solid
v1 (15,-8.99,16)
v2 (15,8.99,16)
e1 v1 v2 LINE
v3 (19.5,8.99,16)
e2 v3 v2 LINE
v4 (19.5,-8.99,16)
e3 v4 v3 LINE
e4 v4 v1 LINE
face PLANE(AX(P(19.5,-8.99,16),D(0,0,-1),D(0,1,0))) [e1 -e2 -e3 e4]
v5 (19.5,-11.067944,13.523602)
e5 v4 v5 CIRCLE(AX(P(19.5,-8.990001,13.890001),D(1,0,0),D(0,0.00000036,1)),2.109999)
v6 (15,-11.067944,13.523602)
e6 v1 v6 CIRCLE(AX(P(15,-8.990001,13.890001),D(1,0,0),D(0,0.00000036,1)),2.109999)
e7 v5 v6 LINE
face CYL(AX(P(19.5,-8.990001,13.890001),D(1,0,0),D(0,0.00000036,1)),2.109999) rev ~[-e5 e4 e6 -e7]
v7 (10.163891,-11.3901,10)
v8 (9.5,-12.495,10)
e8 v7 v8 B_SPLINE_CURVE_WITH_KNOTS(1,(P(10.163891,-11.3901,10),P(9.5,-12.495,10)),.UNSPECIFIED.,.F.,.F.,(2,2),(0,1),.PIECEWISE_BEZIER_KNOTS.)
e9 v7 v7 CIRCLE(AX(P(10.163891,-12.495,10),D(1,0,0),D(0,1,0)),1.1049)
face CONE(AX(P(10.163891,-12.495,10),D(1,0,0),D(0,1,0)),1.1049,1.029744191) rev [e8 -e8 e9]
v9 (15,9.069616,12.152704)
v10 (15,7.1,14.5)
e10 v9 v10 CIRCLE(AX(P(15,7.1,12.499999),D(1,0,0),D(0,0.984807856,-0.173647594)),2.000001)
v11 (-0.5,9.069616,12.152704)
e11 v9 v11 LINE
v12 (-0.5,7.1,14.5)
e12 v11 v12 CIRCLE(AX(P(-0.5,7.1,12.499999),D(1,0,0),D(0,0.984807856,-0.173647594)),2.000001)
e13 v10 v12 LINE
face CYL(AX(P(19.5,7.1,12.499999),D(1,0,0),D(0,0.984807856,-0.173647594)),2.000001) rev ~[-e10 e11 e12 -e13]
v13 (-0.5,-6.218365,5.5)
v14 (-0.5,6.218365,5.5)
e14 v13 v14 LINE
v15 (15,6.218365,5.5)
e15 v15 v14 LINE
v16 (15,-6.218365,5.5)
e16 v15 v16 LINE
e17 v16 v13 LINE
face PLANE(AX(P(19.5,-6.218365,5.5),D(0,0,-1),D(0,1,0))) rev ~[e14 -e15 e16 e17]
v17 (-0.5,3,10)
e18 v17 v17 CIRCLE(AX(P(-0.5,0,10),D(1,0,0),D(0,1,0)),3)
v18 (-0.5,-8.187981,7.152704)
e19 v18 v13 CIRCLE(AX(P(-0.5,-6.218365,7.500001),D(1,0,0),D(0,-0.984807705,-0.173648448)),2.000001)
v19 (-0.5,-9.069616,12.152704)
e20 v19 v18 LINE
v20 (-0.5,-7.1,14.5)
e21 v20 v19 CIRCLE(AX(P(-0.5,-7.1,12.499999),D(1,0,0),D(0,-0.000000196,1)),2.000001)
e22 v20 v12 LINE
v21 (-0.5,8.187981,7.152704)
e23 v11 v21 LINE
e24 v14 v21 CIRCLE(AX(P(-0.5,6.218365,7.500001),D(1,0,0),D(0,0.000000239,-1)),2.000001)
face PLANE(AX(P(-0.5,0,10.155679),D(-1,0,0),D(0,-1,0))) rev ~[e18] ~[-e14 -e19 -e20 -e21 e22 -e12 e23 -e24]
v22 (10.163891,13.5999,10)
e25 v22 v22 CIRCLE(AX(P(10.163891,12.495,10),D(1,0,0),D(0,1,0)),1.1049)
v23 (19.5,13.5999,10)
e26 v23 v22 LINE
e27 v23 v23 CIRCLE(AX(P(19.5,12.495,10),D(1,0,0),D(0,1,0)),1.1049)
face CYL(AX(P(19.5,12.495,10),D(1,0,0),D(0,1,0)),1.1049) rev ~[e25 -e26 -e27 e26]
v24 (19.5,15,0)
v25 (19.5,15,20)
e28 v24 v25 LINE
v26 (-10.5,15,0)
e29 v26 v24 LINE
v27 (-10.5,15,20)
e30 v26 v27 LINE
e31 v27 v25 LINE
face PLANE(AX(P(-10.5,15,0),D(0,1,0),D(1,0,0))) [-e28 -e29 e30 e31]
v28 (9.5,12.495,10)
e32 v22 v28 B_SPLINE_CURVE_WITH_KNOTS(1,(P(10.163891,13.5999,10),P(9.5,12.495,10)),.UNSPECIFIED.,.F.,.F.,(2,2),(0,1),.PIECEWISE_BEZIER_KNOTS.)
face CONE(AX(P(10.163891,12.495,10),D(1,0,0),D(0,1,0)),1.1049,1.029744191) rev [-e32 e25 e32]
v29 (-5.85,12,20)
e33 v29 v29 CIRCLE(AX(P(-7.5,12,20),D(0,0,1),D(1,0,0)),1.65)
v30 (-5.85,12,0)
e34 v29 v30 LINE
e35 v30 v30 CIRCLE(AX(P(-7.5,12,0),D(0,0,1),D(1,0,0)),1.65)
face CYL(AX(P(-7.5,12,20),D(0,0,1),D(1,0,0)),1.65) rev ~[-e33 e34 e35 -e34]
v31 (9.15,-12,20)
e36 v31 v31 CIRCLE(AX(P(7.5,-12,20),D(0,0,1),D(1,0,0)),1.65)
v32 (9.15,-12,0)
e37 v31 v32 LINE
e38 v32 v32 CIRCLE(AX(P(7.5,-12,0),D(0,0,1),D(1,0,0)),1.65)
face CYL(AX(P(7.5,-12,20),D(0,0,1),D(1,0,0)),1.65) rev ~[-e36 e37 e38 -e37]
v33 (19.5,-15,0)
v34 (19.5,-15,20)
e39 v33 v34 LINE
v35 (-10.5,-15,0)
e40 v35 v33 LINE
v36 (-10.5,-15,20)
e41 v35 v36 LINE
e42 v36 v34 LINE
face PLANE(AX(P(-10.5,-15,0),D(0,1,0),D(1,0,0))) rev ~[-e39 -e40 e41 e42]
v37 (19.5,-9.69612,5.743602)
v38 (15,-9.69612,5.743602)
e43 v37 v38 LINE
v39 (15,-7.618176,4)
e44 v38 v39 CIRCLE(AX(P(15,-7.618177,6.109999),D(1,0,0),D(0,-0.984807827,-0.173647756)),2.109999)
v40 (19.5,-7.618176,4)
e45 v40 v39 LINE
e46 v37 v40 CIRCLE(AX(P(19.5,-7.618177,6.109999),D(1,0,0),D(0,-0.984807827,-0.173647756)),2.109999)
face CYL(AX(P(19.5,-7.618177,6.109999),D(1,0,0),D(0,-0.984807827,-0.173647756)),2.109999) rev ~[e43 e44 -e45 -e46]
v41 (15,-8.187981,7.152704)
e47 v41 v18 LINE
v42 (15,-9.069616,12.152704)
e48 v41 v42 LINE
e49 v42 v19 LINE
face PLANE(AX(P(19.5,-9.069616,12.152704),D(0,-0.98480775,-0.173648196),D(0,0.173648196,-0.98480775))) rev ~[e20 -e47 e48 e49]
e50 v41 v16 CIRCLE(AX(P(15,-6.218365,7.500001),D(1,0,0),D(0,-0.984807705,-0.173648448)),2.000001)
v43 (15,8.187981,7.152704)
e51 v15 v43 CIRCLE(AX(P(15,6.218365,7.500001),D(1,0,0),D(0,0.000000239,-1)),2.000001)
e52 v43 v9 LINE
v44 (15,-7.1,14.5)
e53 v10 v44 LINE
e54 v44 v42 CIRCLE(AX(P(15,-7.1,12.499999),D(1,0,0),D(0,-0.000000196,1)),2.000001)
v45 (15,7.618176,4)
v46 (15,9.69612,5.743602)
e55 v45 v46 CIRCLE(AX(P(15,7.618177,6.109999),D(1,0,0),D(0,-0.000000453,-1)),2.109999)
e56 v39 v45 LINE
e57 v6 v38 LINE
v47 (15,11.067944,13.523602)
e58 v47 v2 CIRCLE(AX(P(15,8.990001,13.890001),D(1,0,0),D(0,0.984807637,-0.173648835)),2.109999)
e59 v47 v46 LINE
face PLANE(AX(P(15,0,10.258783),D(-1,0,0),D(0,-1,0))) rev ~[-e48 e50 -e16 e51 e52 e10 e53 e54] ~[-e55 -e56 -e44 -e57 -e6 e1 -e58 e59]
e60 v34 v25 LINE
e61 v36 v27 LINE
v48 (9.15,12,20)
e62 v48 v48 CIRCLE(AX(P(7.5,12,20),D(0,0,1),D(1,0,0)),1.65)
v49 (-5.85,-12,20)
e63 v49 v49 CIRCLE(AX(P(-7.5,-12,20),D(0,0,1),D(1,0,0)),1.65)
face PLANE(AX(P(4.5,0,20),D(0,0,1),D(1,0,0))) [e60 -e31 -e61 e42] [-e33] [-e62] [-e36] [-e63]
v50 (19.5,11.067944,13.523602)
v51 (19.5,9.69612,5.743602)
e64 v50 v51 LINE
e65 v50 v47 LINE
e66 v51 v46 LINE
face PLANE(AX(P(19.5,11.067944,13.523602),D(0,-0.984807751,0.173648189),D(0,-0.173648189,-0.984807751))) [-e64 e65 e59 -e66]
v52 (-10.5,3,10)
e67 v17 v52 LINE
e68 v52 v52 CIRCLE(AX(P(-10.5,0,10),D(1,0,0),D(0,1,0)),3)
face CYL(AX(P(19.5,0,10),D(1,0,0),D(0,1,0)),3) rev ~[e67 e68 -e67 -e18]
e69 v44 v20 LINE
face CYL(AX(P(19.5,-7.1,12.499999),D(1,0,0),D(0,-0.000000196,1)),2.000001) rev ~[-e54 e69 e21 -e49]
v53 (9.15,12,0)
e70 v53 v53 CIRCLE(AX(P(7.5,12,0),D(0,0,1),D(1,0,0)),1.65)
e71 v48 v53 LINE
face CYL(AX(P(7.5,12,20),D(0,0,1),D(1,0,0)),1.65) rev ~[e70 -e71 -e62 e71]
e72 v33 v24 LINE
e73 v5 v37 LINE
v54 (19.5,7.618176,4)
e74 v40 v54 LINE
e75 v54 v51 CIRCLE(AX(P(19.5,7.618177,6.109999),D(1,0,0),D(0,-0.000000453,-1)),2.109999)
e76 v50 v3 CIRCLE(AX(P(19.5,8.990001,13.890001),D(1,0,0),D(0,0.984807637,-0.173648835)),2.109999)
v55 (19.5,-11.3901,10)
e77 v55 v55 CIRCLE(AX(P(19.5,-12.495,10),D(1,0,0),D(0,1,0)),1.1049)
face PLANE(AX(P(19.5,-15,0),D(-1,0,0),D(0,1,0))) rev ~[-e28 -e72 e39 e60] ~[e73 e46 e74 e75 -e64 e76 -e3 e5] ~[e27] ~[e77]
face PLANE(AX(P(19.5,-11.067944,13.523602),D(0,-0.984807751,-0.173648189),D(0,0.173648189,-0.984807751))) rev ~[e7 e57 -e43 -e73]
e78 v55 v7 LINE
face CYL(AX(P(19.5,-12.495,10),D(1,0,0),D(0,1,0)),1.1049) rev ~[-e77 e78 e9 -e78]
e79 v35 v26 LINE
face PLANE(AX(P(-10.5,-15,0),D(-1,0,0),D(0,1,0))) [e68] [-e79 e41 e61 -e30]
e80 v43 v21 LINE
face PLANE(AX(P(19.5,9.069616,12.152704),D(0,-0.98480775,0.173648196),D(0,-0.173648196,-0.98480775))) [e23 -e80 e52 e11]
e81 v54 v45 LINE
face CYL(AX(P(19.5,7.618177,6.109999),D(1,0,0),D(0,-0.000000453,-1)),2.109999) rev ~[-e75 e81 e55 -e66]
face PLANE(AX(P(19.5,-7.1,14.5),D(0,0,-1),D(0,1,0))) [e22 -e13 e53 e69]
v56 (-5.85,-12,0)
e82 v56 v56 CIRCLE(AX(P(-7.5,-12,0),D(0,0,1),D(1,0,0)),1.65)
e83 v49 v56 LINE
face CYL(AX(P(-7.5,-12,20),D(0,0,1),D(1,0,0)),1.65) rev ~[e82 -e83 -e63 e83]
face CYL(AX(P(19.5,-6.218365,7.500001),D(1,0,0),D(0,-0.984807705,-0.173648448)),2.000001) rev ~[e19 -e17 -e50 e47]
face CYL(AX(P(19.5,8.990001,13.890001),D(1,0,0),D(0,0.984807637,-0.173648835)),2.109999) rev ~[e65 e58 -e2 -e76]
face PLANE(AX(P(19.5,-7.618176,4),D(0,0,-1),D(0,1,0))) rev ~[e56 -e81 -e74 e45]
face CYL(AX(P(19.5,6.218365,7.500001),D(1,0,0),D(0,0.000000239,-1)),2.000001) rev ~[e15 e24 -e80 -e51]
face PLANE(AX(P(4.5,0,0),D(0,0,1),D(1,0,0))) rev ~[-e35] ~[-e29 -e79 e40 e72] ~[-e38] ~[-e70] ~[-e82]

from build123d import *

# Parameters (mm, degrees)
SKETCH001_W     = 30
SKETCH001_H     = 30
PAD_DEPTH       = 20
POCKET_DEPTH    = 4.5
POCKET001_DEPTH = 20
SKETCH004_R     = 3
HOLE001_DEPTH   = 30.001
SKETCH005_R     = 1.1049
HOLE002_DEPTH   = 9.336109
HOLE002_TIPS_R  = 1.1049
SKETCH_R        = 1.65
HOLE_DEPTH      = 20.001


with BuildPart() as part:
    # Sketch001 → Pad (new body)
    with BuildSketch(Plane.XY):
        with Locations((4.5, 0)):
            Rectangle(SKETCH001_W, SKETCH001_H)
    extrude(amount=PAD_DEPTH)

    # Sketch002 (on DatumPlane) → Pocket (cut)
    with BuildSketch(Plane(origin=(19.5, 0, 10), x_dir=(0, 1, 0), z_dir=(1, 0, 0))):
        with BuildLine():
            Line((-8.99, 6), (8.99, 6))
            ThreePointArc((11.067944, 3.523602), (10.606354, 5.246282), (8.99, 6))
            Line((11.067944, 3.523602), (9.69612, -4.256398))
            ThreePointArc((7.618176, -6), (8.974458, -5.506354), (9.69612, -4.256398))
            Line((-7.618176, -6), (7.618176, -6))
            ThreePointArc((-9.69612, -4.256398), (-8.974458, -5.506354), (-7.618176, -6))
            Line((-11.067944, 3.523602), (-9.69612, -4.256398))
            ThreePointArc((-8.99, 6), (-10.606354, 5.246282), (-11.067944, 3.523602))
        make_face()
    extrude(amount=-POCKET_DEPTH, mode=Mode.SUBTRACT)

    # Sketch003 (on DatumPlane) → Pocket001 (cut)
    with BuildSketch(Plane(origin=(19.5, 0, 10), x_dir=(0, 1, 0), z_dir=(1, 0, 0))):
        with BuildLine():
            Line((-7.1, 4.5), (7.1, 4.5))
            ThreePointArc((9.069616, 2.152704), (8.632089, 3.785575), (7.1, 4.5))
            Line((9.069616, 2.152704), (8.187981, -2.847296))
            ThreePointArc((6.218365, -4.5), (7.50394, -4.032089), (8.187981, -2.847296))
            Line((-6.218365, -4.5), (6.218365, -4.5))
            ThreePointArc((-8.187981, -2.847296), (-7.50394, -4.032089), (-6.218365, -4.5))
            Line((-9.069616, 2.152704), (-8.187981, -2.847296))
            ThreePointArc((-7.1, 4.5), (-8.632089, 3.785575), (-9.069616, 2.152704))
        make_face()
    extrude(amount=-POCKET001_DEPTH, mode=Mode.SUBTRACT)

    # Sketch004 (on DatumPlane) → Hole001 (cut, through all)
    with BuildSketch(Plane(origin=(19.5, 0, 10), x_dir=(0, 1, 0), z_dir=(1, 0, 0))):
        Circle(SKETCH004_R)
    extrude(amount=-HOLE001_DEPTH, mode=Mode.SUBTRACT)

    # Sketch005 (on DatumPlane) → Hole002 (cut)
    with BuildSketch(Plane(origin=(19.5, 0, 10), x_dir=(0, 1, 0), z_dir=(1, 0, 0))):
        with Locations((-12.495, 0)):
            Circle(SKETCH005_R)
        with Locations((12.495, 0)):
            Circle(SKETCH005_R)
    extrude(amount=-HOLE002_DEPTH, mode=Mode.SUBTRACT)

    # Hole002 tips → Hole002 tip 1 section 0
    with BuildSketch(Plane(origin=(10.163891, 0, 10), x_dir=(0, 1, 0), z_dir=(1, 0, 0)), mode=Mode.PRIVATE) as hole002_tip_1_s0:
        with Locations((-12.495, 0)):
            Circle(HOLE002_TIPS_R)
    loft([hole002_tip_1_s0.sketch, Vertex(9.5, -12.495, 10)], mode=Mode.SUBTRACT)

    # Hole002 tips → Hole002 tip 2 section 0
    with BuildSketch(Plane(origin=(10.163891, 0, 10), x_dir=(0, 1, 0), z_dir=(1, 0, 0)), mode=Mode.PRIVATE) as hole002_tip_2_s0:
        with Locations((12.495, 0)):
            Circle(HOLE002_TIPS_R)
    loft([hole002_tip_2_s0.sketch, Vertex(9.5, 12.495, 10)], mode=Mode.SUBTRACT)

    # Sketch (on DatumPlane) → Hole (cut, through all)
    with BuildSketch(Plane.XY.offset(20)):
        with Locations((-7.5, 12)):
            Circle(SKETCH_R)
        with Locations((7.5, 12)):
            Circle(SKETCH_R)
        with Locations((7.5, -12)):
            Circle(SKETCH_R)
        with Locations((-7.5, -12)):
            Circle(SKETCH_R)
    extrude(amount=-HOLE_DEPTH, mode=Mode.SUBTRACT)


solid = part.part
